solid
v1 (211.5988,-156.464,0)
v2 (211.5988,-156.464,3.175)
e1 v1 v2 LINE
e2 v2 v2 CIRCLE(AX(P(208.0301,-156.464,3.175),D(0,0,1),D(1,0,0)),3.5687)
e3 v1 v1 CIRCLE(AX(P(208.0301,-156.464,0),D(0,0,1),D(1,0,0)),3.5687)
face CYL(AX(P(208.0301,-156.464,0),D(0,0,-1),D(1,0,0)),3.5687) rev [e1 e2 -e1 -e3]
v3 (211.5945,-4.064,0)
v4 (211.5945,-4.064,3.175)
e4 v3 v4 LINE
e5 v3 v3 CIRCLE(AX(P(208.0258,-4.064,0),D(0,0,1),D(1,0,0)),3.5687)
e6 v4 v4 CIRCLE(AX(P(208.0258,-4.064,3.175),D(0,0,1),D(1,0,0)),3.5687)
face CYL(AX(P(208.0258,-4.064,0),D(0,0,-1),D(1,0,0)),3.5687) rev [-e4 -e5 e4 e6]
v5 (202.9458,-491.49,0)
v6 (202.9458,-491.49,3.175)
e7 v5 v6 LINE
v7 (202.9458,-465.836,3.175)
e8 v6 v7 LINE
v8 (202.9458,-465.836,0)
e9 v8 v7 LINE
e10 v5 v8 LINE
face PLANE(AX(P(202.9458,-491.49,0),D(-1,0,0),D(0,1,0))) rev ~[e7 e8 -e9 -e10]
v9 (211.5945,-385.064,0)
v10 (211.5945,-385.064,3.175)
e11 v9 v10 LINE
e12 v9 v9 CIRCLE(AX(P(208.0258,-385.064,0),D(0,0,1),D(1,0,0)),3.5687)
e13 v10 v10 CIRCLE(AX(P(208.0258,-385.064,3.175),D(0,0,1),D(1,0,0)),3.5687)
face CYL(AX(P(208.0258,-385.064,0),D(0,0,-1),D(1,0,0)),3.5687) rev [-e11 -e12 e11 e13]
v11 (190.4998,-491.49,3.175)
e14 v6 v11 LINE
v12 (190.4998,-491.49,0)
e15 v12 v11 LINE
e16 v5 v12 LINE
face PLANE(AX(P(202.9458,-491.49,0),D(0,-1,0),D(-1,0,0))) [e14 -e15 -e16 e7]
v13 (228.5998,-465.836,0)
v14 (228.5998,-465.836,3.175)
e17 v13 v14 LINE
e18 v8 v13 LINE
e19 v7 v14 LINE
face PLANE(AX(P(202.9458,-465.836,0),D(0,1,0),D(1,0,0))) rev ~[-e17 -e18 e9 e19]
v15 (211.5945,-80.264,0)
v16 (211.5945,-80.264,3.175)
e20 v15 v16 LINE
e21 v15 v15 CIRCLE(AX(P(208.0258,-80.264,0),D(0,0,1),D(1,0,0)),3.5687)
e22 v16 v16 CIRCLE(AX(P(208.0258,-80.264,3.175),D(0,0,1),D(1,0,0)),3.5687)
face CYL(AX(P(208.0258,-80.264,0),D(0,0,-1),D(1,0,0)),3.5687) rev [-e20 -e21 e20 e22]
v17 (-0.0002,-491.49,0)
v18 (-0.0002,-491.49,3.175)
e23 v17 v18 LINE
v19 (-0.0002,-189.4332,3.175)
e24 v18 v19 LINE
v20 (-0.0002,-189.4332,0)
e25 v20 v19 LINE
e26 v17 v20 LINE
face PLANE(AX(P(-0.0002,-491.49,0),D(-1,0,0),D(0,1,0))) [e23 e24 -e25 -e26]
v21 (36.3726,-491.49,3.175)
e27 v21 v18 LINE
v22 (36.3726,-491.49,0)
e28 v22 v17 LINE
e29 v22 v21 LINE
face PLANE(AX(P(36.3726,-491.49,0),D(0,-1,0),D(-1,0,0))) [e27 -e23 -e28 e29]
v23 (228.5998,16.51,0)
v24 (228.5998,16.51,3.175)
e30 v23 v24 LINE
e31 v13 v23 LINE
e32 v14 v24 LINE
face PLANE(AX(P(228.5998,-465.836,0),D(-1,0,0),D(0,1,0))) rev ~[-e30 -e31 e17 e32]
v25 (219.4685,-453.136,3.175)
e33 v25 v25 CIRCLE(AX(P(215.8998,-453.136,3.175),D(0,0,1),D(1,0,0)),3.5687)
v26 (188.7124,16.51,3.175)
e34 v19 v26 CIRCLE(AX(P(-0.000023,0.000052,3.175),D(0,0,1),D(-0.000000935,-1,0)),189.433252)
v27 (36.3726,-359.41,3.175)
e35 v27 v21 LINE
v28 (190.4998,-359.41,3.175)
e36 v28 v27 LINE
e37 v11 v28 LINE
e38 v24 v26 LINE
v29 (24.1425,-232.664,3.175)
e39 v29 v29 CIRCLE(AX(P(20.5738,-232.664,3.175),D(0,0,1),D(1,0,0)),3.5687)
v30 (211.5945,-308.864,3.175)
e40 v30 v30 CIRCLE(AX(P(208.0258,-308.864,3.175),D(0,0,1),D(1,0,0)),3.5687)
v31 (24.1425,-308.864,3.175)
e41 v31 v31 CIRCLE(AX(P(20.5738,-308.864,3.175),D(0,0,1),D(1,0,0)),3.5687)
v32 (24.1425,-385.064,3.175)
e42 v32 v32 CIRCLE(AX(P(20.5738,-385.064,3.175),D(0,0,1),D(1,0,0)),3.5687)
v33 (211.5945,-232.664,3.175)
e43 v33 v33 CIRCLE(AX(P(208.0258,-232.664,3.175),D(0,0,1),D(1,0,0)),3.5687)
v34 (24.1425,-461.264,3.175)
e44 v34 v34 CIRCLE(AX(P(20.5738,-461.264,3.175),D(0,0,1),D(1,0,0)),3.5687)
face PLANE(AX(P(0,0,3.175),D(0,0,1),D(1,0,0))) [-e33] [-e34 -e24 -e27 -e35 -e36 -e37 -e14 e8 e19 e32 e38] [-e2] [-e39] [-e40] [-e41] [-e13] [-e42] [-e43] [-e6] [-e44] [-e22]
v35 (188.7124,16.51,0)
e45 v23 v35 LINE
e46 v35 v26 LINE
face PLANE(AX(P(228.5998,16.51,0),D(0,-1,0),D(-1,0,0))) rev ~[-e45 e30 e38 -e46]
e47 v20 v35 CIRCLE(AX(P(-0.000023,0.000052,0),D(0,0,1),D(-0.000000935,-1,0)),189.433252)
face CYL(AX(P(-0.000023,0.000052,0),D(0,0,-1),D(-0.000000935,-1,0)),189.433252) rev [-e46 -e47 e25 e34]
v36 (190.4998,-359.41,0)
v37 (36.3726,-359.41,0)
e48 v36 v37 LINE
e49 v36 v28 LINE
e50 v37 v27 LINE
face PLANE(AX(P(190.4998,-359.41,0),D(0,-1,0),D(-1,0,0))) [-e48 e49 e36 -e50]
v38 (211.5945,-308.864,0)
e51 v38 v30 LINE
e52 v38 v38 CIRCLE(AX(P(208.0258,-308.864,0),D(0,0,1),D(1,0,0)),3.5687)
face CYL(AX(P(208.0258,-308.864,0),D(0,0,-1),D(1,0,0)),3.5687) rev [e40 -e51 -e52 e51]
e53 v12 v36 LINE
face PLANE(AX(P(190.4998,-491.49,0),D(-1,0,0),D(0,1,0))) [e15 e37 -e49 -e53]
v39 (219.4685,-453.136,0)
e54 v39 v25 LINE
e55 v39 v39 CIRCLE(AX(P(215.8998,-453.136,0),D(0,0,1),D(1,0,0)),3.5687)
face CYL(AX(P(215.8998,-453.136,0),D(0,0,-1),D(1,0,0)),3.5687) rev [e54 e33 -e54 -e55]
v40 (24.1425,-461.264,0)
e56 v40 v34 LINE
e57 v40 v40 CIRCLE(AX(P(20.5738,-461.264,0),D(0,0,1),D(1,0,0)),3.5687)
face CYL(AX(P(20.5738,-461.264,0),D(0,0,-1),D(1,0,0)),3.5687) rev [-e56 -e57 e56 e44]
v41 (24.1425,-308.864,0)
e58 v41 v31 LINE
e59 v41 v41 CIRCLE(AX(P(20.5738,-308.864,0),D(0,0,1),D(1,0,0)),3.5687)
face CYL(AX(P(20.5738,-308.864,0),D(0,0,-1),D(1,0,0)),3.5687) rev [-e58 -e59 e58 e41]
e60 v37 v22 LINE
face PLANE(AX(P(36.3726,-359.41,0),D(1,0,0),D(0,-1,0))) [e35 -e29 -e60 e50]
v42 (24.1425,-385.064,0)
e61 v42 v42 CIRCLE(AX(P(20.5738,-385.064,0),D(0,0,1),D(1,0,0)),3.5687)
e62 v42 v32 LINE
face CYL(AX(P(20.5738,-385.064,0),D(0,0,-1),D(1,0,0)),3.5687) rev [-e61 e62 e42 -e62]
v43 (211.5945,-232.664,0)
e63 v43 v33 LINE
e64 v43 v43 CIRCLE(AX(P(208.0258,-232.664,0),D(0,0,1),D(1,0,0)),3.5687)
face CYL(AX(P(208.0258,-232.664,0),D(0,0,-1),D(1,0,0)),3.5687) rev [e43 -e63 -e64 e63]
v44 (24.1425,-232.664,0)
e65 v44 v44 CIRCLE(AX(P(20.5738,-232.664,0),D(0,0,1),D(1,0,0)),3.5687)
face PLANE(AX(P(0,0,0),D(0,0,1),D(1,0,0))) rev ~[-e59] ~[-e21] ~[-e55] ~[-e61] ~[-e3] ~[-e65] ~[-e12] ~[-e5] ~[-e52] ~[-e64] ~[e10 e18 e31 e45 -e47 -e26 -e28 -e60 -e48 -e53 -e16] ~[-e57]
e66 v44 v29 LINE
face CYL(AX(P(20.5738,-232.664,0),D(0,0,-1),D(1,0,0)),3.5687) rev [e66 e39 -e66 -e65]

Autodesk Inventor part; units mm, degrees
ref_plane "YZ Plane" through (0, 0, 0) normal (1, 0, 0) x (0, 1, 0)
ref_plane "XZ Plane" through (0, 0, 0) normal (0, 1, 0) x (-1, 0, 0)
ref_plane "XY Plane" through (0, 0, 0) normal (0, 0, 1) x (1, 0, 0)
sketch "Sketch1" plane through (0, 0, 0) normal (0, 0, 1) x (1, 0, 0)
  line L0 (229.6952, -414.7737) -> (228.902, -414.7737)
  line L1 (202.9458, -491.49) -> (202.9458, -465.836)
  line L2 (202.9458, -465.836) -> (228.5998, -465.836)
  line L3 (202.9458, -491.49) -> (-0.0002, -491.49)
  line L4 (-0.0002, -491.49) -> (-0.0002, -189.4332)
  arc A0 (-0.0002, -189.4332) -> (188.7124, 16.51) centre (0, 0) ccw
  line L5 (0, 0) -> (188.7124, 16.51) construction
  line L6 (0, 0) -> (-0.0002, -189.4332) construction
  line L7 (228.5998, -465.836) -> (228.5998, 16.51)
  line L8 (228.5998, 16.51) -> (188.7124, 16.51)
  circle A1 centre (20.5738, -232.664) radius 3.5687
  circle A2 centre (20.5738, -308.864) radius 3.5687
  circle A3 centre (20.5738, -385.064) radius 3.5687
  circle A4 centre (20.5738, -461.264) radius 3.5687
  circle A5 centre (215.8998, -453.136) radius 3.5687
  circle A6 centre (208.0258, -385.064) radius 3.5687
  circle A7 centre (208.0258, -308.864) radius 3.5687
  circle A8 centre (208.0258, -232.664) radius 3.5687
  circle A9 centre (208.0301, -156.464) radius 3.5687
  circle A10 centre (208.0258, -80.264) radius 3.5687
  circle A11 centre (208.0258, -4.064) radius 3.5687
  line L9 (36.3726, -491.49) -> (190.4998, -491.49)
  line L10 (190.4998, -491.49) -> (190.4998, -359.41)
  line L11 (190.4998, -359.41) -> (36.3726, -359.41)
  line L12 (36.3726, -359.41) -> (36.3726, -491.49)
  point P0 (208.0258, -461.264)
  dimension "d15" = 25.654
  dimension "d59" = 95
  dimension "d60" = 189.4332
  dimension "d61" = 508
  dimension "d62" = 76.2
  dimension "d63" = 76.2
  dimension "d65" = 20.5697
  dimension "d66" = 20.574
  dimension "d67" = 20.574
  dimension "d68" = 76.2
  dimension "d69" = 76.2
  dimension "d70" = 76.2
  dimension "d71" = 76.2
  dimension "d73" = 25.654
  dimension "d74" = 12.7
  dimension "d75" = 76.2
  dimension "d76" = 76.2
  dimension "d77" = 76.2
  dimension "d78" = 43.2308
  dimension "d79" = 20.574
  dimension "d80" = 20.574
  dimension "d81" = 20.574
  dimension "d82" = 20.574
  dimension "d85" = 7.1374
  dimension "d86" = 7.1374
  dimension "d87" = 7.1374
  dimension "d88" = 7.1374
  dimension "d89" = 7.1374
  dimension "d91" = 7.1374
  dimension "d92" = 7.1374
  dimension "d93" = 7.1374
  dimension "d94" = 7.1374
  dimension "d95" = 7.1374
  dimension "d96" = 7.1374
  dimension "d99" = 228.6
  dimension "d100" = 12.7
  dimension "d103" = 20.574
  dimension "d104" = 20.574
  dimension "d105" = 20.574
  dimension "d106" = 20.574
  dimension "d108" = 30.226
  dimension "d109" = 106.426
  dimension "d112" = 154.1272
  dimension "d113" = 132.08
  dimension "d114" = 12.446
extrude "Extrusion6" add sketch "Sketch1" along normal blind 3.175 contours L3 L10 L11 L12 L4 A0 L8 L7 L2 L1
properties part number "LauncherSidePlateRev2"
